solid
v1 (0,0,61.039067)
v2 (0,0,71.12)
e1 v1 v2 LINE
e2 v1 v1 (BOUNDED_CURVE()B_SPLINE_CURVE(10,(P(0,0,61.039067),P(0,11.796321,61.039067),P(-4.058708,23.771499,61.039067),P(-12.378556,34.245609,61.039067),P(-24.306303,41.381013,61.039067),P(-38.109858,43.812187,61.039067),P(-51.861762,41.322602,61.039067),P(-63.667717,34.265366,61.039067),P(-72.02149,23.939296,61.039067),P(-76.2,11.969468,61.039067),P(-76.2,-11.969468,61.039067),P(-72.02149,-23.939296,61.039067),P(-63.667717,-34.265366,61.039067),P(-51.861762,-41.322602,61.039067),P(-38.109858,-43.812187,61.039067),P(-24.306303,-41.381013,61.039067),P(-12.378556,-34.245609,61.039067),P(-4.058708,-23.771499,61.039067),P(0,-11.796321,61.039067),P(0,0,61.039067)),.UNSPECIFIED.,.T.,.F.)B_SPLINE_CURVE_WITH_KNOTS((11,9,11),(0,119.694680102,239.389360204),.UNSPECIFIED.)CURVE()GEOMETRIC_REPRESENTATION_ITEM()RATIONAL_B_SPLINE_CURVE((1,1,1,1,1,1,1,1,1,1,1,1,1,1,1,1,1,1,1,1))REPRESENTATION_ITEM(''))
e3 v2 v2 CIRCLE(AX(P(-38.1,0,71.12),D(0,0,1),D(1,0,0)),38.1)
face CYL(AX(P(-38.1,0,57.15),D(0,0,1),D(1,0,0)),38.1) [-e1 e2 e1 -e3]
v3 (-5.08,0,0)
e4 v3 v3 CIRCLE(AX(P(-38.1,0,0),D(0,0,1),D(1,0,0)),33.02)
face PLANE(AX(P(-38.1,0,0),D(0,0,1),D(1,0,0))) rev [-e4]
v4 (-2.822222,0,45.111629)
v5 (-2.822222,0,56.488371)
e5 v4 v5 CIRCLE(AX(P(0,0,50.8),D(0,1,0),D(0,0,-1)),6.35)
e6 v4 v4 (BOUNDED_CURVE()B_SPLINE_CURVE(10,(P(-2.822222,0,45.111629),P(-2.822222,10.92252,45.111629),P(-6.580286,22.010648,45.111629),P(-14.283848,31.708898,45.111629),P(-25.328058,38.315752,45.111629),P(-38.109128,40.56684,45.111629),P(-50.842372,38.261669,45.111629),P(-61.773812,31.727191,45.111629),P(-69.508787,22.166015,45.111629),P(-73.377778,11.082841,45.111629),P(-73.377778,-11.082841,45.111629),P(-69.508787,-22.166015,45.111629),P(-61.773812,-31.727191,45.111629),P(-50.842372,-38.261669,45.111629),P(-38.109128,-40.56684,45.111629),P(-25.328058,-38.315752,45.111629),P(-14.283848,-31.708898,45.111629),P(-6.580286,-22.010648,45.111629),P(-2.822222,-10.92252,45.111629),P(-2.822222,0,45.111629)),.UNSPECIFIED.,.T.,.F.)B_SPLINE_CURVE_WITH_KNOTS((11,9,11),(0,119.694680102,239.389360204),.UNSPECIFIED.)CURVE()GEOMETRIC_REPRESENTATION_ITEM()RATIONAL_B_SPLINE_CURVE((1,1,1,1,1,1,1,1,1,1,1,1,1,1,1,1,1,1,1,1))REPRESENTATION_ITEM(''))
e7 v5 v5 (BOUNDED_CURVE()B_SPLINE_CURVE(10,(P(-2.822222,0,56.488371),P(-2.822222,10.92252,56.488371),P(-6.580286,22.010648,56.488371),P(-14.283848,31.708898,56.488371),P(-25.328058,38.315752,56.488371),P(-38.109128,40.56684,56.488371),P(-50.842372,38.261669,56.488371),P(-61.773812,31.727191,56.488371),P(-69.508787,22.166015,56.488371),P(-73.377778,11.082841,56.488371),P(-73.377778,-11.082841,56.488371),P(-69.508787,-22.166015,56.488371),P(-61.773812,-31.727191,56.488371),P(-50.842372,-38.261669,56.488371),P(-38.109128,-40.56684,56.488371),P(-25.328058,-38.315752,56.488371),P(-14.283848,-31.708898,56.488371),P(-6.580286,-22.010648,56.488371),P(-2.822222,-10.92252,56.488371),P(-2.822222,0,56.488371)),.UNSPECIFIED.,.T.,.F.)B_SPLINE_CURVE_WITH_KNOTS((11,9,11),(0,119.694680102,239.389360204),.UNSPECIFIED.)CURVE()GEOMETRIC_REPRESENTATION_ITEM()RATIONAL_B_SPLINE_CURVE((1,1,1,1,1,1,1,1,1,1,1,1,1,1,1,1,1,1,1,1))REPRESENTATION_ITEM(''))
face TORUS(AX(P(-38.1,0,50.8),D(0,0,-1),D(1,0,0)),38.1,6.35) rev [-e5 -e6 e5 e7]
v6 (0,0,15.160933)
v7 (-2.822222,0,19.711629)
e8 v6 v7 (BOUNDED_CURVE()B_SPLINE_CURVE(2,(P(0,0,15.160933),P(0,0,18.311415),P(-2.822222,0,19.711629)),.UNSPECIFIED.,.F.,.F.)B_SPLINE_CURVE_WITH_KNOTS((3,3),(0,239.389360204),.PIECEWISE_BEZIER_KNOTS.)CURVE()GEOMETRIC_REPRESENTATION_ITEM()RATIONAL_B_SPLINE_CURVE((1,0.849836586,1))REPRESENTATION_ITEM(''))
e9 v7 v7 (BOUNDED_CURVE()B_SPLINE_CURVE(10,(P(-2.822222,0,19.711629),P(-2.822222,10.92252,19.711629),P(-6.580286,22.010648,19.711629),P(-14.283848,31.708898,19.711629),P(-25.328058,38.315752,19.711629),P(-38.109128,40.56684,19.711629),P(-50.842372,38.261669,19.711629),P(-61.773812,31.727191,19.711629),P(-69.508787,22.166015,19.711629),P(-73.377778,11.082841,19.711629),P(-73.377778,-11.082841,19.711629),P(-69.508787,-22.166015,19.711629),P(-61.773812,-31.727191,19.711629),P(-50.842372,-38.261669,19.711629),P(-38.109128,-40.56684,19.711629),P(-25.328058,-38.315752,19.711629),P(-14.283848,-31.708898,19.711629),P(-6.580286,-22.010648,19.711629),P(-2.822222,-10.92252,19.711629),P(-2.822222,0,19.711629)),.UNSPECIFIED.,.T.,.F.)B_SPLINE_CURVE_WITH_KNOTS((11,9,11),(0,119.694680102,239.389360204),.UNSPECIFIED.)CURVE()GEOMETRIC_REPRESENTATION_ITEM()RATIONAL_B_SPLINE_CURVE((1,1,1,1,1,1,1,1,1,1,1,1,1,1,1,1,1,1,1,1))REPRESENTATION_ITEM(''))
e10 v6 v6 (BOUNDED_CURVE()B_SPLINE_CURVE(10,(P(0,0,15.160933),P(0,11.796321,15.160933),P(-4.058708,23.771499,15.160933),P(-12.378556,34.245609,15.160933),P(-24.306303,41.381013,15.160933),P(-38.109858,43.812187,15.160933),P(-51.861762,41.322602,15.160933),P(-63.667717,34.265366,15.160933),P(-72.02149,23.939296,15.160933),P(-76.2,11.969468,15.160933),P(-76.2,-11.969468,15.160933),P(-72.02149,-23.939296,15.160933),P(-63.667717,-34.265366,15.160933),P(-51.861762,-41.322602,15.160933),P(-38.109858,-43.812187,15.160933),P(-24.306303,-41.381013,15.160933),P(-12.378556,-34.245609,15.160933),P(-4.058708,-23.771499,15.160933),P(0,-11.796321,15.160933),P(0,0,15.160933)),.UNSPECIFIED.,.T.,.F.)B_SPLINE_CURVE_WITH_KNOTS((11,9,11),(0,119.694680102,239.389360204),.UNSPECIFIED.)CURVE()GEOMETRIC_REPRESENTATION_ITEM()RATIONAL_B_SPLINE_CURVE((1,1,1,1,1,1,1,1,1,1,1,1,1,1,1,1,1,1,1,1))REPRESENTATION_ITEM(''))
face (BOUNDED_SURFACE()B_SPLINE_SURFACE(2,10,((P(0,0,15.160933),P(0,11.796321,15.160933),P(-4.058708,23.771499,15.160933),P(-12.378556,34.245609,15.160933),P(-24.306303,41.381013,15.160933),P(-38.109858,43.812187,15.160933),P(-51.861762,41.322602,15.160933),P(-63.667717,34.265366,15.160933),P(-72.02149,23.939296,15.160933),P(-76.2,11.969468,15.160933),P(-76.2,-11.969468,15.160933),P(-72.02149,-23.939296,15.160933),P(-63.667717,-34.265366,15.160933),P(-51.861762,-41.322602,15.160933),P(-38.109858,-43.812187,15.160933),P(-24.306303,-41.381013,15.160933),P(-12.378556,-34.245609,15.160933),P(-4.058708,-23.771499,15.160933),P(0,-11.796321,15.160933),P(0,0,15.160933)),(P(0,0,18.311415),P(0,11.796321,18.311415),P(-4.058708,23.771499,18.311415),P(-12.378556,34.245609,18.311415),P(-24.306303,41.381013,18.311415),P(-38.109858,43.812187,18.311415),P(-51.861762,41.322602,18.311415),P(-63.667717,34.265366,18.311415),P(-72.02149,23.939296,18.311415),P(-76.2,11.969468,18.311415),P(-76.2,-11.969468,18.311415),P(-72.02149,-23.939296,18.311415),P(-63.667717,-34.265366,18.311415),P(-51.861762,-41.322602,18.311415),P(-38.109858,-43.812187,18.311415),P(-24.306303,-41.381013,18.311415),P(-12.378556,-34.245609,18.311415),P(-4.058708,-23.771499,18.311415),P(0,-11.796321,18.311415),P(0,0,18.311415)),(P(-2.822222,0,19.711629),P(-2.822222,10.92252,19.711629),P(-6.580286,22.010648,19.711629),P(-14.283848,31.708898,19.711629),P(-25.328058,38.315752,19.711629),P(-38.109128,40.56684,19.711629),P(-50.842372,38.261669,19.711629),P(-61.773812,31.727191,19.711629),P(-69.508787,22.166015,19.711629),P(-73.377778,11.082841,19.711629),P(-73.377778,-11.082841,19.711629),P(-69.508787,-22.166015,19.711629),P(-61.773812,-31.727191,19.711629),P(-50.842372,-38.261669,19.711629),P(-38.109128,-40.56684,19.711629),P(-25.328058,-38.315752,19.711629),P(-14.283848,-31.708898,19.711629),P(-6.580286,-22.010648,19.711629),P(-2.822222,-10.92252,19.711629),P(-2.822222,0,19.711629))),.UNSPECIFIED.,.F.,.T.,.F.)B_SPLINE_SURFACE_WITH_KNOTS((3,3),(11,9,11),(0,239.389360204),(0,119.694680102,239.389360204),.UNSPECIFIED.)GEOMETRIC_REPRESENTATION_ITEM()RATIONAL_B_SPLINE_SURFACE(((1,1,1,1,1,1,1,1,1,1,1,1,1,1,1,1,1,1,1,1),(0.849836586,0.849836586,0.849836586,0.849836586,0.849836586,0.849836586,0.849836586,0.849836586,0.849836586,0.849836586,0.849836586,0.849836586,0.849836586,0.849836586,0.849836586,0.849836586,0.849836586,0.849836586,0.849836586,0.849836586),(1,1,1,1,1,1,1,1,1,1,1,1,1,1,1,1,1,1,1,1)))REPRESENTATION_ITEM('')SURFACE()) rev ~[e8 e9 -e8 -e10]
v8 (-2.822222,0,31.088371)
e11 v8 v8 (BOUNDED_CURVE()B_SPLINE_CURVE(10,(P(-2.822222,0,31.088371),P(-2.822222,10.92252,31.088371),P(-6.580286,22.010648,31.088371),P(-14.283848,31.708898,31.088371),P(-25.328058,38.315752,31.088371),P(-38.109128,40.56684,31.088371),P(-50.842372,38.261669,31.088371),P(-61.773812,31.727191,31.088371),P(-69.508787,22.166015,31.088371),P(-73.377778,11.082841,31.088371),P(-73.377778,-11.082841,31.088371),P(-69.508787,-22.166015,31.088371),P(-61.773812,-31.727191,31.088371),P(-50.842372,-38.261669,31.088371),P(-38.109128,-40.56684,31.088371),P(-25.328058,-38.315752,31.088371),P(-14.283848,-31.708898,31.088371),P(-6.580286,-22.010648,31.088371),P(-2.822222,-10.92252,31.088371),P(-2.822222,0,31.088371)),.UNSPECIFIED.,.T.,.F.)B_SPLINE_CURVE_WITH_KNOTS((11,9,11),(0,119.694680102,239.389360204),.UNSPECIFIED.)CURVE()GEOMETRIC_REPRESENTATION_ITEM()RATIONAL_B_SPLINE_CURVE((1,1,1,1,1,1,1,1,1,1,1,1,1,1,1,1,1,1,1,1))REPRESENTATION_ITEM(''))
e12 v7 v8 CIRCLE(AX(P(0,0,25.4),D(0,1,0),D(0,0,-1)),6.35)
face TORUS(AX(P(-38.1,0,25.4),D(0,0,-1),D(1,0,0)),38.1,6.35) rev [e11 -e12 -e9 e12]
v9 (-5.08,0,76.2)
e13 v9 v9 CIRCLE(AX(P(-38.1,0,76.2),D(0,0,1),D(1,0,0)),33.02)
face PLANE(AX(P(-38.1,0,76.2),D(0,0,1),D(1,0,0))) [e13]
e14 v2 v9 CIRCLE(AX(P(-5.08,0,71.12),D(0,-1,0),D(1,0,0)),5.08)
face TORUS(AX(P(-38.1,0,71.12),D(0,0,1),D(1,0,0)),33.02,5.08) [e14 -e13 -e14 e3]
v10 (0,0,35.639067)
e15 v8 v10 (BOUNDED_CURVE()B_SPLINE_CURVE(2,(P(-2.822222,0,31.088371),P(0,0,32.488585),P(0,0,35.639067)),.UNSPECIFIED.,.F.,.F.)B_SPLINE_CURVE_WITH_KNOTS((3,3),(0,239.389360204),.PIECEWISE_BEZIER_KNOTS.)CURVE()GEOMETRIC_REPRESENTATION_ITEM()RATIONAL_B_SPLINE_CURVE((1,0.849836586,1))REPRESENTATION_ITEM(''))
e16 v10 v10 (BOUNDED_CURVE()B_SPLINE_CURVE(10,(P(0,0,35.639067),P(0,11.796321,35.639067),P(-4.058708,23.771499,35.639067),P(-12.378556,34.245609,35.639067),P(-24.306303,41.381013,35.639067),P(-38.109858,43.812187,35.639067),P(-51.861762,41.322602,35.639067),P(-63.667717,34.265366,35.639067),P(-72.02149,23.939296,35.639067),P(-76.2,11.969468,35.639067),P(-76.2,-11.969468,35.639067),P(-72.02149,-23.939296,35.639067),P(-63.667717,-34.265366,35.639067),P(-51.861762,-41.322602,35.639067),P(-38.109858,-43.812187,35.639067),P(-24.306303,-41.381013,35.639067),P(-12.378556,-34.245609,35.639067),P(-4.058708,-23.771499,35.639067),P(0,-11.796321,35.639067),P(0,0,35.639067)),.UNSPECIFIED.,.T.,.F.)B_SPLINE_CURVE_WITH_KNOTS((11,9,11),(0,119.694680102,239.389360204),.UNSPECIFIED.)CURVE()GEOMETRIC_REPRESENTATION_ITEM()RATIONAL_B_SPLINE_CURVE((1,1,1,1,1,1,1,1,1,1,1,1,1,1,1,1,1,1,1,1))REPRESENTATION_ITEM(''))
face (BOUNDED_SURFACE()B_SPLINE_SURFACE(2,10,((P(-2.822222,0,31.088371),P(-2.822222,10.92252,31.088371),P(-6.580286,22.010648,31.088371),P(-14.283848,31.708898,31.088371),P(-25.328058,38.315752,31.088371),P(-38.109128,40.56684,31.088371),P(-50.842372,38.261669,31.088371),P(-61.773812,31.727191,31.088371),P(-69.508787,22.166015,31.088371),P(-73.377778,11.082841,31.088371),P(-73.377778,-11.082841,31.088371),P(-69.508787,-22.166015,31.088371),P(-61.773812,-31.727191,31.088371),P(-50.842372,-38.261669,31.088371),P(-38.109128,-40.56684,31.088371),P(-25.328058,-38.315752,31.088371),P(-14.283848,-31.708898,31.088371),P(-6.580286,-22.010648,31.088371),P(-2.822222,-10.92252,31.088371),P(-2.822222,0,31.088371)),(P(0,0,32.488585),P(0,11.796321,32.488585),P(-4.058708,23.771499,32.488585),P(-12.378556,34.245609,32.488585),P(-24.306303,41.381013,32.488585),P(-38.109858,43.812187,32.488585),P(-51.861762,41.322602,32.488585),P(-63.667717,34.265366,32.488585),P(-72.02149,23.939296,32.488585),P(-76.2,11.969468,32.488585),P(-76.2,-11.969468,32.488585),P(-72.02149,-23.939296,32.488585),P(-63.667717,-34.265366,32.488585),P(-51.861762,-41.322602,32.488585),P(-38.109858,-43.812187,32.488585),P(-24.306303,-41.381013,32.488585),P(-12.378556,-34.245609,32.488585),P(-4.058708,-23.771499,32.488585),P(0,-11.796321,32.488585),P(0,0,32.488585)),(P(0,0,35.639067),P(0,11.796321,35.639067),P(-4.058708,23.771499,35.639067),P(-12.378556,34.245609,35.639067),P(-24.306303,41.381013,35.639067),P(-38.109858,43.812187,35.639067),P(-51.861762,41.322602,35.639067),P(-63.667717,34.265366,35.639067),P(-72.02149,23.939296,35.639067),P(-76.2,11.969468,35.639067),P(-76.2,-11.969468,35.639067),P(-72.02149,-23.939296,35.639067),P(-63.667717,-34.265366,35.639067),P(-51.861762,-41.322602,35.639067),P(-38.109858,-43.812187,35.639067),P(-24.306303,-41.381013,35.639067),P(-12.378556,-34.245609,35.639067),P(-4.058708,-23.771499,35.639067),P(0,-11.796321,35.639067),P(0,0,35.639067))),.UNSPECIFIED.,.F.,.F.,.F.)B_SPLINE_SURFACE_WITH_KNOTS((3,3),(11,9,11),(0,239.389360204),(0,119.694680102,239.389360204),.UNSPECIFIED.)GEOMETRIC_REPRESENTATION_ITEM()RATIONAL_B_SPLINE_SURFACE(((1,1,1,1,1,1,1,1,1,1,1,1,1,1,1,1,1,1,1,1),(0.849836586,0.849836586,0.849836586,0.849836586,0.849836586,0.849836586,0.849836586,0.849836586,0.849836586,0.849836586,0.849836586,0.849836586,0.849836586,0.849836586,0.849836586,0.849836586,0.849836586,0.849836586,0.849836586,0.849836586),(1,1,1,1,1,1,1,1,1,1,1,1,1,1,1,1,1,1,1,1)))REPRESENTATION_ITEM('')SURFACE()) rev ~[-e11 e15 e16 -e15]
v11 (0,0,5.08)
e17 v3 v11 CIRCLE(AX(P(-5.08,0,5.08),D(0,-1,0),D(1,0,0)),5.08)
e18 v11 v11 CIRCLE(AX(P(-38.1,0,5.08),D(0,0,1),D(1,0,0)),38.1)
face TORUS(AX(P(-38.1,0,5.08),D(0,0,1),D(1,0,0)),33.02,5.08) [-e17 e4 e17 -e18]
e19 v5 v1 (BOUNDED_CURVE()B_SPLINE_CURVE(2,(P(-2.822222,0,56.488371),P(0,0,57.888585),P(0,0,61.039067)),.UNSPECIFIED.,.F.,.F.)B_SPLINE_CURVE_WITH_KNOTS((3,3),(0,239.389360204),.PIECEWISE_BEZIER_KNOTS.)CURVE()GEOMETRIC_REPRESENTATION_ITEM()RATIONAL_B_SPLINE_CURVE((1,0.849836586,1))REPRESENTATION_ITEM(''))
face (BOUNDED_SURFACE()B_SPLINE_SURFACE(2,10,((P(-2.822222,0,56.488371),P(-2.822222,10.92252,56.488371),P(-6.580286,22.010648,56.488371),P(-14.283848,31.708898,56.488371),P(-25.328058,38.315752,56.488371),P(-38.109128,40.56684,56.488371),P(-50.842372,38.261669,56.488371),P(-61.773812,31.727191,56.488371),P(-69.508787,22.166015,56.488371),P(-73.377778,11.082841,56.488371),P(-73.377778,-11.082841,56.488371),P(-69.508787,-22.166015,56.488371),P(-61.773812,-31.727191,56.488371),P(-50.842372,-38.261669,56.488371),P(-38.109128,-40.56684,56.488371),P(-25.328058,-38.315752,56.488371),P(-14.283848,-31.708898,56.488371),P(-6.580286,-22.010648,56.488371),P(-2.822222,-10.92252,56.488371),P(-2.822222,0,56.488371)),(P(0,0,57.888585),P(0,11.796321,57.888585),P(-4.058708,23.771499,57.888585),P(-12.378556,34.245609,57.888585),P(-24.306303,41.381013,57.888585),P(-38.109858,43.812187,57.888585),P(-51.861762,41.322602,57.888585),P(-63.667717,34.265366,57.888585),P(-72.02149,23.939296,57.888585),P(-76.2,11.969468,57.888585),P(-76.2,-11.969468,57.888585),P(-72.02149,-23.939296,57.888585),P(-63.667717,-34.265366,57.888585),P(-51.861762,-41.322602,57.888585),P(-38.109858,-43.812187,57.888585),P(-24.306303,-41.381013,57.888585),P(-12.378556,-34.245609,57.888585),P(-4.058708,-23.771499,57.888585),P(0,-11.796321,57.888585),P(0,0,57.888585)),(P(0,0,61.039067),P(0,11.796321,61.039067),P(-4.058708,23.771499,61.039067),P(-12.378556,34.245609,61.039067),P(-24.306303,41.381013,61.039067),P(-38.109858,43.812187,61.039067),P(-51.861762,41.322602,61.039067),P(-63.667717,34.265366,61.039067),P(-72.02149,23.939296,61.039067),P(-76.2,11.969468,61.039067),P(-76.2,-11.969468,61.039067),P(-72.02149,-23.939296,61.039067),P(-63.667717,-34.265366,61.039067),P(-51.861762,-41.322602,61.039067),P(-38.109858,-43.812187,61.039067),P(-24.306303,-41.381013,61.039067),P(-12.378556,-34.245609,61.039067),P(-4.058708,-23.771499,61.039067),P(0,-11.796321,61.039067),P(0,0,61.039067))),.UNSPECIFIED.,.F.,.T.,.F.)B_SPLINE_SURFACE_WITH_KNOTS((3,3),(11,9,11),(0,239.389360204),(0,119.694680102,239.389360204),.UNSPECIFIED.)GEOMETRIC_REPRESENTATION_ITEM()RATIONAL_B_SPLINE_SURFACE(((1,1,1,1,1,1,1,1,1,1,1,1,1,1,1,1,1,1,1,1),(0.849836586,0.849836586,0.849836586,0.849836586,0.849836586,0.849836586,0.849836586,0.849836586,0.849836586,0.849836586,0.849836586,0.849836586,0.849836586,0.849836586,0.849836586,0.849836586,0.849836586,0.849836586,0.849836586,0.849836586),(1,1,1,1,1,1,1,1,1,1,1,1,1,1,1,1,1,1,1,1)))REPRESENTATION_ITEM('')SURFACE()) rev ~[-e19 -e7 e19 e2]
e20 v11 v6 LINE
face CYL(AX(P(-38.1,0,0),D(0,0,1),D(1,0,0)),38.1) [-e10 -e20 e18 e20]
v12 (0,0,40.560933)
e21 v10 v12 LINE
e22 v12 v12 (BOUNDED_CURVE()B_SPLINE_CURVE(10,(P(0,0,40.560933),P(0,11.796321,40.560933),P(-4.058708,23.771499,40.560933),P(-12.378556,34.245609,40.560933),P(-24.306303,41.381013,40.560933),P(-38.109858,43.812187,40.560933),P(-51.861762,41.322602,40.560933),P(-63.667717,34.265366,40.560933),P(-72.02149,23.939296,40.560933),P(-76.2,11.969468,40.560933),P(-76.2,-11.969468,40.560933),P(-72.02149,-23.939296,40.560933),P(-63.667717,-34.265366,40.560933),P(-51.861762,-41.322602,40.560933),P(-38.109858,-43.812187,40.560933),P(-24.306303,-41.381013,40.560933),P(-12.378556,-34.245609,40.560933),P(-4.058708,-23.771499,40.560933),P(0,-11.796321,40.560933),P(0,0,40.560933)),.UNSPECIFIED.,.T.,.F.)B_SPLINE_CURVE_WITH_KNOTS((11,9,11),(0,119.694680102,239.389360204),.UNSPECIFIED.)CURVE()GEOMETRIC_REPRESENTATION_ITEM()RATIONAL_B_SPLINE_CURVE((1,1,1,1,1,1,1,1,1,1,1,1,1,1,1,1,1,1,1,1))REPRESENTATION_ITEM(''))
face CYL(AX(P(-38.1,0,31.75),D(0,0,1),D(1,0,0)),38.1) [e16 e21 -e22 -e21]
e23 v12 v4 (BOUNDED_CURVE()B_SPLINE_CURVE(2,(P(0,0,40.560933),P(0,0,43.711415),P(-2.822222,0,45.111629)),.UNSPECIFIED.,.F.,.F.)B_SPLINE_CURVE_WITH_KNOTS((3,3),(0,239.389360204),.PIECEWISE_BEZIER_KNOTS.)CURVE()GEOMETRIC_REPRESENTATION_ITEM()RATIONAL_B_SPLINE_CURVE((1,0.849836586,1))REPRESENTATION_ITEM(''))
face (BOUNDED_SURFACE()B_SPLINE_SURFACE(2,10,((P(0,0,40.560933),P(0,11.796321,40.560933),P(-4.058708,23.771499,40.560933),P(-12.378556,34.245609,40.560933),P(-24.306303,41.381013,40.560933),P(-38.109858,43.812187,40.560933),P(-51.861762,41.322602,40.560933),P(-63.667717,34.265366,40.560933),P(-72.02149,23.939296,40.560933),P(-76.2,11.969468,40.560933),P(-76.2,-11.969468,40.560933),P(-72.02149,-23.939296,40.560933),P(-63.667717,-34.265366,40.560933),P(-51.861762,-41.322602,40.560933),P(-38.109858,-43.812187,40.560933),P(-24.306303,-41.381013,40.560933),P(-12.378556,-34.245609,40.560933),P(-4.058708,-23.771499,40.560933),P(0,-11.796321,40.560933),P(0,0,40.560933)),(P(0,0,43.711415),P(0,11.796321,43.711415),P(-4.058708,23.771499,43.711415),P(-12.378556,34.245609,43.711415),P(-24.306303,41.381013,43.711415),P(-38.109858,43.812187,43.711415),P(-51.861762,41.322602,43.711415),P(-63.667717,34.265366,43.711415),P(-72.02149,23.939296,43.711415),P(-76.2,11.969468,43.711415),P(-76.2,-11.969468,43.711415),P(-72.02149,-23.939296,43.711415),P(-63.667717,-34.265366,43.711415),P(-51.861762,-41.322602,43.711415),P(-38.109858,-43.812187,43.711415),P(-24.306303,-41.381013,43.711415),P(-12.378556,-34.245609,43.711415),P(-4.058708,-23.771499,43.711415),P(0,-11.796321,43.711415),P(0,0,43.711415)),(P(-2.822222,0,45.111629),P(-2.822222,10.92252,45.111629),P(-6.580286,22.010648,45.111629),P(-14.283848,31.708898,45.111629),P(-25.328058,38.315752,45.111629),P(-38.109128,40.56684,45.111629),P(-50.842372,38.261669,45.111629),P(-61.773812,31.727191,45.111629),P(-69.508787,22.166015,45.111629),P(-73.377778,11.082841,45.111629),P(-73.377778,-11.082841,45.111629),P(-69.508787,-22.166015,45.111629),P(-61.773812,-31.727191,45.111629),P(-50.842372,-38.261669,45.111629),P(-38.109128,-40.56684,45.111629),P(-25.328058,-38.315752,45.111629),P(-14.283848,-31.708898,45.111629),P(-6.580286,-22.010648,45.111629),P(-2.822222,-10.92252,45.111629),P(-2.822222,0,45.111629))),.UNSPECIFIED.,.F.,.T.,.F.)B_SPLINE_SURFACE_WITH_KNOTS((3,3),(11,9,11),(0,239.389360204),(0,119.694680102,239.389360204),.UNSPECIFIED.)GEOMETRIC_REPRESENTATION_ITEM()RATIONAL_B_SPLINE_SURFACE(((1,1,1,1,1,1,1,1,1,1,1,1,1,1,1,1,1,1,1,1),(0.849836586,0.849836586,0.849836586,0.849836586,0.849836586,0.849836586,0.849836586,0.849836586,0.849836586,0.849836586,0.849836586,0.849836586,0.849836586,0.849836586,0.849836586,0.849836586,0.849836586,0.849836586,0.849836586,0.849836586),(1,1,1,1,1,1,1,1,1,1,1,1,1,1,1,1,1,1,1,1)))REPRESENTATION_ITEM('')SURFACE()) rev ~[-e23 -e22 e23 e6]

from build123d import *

# Parameters (mm, degrees)
F2_R = 5.08


with BuildPart() as f1:
    # F0 (on Front) → F1 (revolve)
    with BuildSketch(Plane.XZ):
        with BuildLine():
            Line((-38.1, 0), (0, 0))
            Line((0, 0), (0, 19.05))
            ThreePointArc((0, 19.05), (-6.35, 25.4), (0, 31.75))
            Line((0, 31.75), (0, 44.45))
            ThreePointArc((0, 44.45), (-6.35, 50.8), (0, 57.15))
            Line((0, 57.15), (0, 76.2))
            Line((0, 76.2), (-38.1, 76.2))
            Line((-38.1, 76.2), (-38.1, 0))
        make_face()
    revolve(axis=Axis((-38.1, 0, 38.1), (0, 0, 1)))

    # F2
    f2_edges = [f1.edges().sort_by_distance(p)[0] for p in [
        (-76.2, 0, 57.15),
        (-76.2, 0, 76.2),
        (-76.2, 0, 44.45),
        (-76.2, 0, 31.75),
        (-76.2, 0, 19.05),
        (-76.2, 0, 0),
    ]]
    fillet(f2_edges, radius=F2_R)


solid = f1.part
